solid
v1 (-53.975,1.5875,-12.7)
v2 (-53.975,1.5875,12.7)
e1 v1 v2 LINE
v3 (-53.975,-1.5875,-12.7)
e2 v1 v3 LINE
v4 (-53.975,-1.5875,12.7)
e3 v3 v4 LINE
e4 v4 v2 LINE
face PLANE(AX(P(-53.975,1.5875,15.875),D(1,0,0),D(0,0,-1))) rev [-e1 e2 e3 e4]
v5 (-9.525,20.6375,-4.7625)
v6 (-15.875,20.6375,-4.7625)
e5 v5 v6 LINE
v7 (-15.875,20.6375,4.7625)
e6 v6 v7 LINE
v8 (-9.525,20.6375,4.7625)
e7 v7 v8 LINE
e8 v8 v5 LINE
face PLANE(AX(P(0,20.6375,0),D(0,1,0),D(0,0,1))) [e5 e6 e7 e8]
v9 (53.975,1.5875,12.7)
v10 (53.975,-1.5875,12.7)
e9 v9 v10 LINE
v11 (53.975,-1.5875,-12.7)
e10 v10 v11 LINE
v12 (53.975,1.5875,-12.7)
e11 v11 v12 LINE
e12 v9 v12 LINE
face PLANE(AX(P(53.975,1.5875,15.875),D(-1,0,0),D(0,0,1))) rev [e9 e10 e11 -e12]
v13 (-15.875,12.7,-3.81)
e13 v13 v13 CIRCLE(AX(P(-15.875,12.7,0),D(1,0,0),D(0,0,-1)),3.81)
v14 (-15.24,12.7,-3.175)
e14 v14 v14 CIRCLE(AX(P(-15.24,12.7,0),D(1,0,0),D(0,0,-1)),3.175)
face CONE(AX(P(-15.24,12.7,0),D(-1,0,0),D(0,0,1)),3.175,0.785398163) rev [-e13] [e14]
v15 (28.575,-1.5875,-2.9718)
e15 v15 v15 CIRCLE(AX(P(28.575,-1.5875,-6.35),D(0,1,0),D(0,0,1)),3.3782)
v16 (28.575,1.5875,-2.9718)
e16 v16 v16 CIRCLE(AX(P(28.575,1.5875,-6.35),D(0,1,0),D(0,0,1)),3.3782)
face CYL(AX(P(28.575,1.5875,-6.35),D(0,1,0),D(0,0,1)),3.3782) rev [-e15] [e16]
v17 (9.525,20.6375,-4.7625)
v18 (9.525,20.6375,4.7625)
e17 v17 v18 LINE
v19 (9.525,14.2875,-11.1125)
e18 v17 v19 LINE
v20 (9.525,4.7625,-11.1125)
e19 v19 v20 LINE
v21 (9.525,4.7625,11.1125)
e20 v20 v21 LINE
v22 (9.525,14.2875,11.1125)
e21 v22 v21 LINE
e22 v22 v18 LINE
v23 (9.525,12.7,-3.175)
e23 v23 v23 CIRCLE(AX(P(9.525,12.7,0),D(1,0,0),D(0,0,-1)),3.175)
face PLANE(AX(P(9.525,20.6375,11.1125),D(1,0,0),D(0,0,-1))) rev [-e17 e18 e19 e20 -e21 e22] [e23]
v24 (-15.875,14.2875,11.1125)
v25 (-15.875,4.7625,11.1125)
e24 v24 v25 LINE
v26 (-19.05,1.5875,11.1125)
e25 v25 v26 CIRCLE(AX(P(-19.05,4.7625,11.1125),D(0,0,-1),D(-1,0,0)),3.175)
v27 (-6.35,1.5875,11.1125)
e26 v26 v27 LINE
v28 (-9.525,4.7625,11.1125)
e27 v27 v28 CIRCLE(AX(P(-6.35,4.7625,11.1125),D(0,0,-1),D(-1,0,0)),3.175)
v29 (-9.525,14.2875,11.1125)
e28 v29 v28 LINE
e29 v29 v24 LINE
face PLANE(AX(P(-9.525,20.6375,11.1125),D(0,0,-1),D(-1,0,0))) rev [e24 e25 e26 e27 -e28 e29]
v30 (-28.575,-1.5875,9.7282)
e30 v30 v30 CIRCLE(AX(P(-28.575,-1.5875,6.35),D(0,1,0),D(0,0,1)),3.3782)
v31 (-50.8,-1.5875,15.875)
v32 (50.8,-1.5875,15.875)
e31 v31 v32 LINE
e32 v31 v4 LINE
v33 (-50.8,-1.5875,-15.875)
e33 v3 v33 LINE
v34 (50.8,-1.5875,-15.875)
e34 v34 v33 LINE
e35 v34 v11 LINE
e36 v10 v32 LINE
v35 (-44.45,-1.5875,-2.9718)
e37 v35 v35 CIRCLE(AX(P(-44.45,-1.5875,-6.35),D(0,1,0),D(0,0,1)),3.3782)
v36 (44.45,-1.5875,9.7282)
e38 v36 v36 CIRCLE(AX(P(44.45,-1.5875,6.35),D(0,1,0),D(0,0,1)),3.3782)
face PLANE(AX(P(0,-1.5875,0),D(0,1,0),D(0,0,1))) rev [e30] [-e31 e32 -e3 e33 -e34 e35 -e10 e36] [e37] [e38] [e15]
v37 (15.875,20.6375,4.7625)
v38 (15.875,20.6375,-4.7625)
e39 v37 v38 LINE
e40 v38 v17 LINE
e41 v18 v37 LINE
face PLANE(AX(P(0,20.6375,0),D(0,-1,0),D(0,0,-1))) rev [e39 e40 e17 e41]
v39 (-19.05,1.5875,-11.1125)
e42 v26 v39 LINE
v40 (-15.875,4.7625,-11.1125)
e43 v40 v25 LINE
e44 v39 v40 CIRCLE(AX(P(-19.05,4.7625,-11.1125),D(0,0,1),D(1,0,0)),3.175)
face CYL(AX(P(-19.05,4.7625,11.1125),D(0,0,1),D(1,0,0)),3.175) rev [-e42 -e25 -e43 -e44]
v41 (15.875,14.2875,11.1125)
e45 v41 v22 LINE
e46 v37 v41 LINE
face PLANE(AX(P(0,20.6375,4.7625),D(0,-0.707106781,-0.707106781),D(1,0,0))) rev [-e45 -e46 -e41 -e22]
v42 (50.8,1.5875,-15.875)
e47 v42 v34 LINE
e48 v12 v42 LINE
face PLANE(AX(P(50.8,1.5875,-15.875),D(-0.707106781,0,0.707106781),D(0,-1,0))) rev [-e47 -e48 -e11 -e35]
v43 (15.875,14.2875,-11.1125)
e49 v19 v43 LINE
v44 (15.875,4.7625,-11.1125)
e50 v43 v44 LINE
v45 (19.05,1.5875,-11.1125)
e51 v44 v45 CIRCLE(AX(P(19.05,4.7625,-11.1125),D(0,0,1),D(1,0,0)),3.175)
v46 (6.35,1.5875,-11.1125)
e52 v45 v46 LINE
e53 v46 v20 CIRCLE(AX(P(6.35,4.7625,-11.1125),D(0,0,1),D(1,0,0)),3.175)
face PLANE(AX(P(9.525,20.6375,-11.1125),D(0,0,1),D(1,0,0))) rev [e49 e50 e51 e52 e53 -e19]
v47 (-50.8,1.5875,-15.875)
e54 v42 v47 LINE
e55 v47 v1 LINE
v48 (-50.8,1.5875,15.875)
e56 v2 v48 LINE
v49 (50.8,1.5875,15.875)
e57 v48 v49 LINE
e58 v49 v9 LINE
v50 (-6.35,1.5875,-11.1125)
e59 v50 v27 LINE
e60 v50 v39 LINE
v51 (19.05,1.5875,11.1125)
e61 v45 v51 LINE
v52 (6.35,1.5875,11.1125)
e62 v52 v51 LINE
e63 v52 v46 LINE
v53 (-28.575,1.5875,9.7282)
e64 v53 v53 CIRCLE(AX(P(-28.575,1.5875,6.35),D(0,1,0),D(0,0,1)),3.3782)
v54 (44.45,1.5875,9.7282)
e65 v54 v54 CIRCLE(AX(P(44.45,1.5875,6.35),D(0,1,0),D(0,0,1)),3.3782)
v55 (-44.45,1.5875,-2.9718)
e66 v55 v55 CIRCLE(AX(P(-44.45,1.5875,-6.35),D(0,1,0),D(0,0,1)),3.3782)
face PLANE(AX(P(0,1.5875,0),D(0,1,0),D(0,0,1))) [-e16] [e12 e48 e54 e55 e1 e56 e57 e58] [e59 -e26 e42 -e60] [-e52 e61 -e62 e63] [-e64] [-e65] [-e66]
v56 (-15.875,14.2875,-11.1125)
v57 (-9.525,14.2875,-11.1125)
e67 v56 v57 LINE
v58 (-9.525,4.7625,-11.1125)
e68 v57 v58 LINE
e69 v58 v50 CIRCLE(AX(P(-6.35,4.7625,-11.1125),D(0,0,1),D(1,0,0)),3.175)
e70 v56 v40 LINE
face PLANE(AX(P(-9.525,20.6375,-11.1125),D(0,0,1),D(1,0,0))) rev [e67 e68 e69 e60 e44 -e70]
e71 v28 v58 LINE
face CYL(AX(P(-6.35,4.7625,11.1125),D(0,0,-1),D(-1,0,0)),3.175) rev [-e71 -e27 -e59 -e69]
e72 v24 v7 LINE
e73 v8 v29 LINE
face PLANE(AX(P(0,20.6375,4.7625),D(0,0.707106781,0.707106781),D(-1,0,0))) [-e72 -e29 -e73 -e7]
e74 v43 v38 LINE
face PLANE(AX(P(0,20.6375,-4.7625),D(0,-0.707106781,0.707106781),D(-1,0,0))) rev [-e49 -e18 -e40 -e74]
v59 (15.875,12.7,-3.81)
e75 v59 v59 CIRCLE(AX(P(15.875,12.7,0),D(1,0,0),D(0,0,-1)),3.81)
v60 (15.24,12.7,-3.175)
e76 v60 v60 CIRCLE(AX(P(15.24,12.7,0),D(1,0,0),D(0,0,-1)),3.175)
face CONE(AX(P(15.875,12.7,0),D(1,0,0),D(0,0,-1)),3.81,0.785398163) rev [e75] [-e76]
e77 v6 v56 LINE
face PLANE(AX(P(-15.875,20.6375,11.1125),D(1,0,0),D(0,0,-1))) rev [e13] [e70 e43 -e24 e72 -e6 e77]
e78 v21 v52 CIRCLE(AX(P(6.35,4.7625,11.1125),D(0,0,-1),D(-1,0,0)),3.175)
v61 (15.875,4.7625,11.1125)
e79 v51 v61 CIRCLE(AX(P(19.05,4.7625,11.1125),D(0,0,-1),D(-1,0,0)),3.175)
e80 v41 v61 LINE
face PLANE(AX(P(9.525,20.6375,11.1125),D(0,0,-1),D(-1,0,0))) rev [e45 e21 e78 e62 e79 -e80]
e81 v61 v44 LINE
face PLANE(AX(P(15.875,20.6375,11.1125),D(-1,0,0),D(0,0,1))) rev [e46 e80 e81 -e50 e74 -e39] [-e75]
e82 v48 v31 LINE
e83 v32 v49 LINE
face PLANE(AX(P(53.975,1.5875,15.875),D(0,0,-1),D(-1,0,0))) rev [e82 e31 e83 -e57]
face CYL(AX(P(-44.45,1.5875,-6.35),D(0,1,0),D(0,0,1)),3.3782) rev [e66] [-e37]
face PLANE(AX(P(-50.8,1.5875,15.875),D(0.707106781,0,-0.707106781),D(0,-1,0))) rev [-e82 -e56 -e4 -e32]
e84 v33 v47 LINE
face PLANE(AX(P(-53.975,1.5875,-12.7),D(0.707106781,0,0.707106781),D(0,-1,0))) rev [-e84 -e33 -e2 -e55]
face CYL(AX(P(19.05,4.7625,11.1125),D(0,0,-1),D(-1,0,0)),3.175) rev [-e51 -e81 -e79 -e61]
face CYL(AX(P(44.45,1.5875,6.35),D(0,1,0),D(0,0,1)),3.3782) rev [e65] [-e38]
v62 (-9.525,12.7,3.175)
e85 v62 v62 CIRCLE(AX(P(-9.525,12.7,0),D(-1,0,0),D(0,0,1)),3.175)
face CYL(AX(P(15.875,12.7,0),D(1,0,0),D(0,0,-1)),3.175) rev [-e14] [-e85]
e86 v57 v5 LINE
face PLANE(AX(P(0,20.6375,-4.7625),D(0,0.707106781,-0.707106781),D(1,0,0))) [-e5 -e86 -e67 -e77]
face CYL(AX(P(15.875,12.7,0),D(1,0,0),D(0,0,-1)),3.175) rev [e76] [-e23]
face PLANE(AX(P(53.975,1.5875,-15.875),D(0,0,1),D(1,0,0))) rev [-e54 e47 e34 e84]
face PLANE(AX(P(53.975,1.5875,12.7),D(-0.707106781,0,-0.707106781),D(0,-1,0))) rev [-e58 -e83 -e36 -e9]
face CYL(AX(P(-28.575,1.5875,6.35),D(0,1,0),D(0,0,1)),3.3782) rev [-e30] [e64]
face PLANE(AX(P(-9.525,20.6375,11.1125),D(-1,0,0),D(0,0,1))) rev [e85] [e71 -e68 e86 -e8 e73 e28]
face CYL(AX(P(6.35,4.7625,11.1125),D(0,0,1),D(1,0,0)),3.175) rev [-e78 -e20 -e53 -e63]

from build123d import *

# Parameters (mm, degrees)
SKETCH1_W               = 107.95
SKETCH1_H               = 31.75
BOSS_EXTRUDE1_DEPTH     = 1.5875
F_1_4_CLEARANCE_HOLE1_D = 6.7564
SKETCH4_W               = 6.35
SKETCH4_H               = 22.225
BOSS_EXTRUDE2_DEPTH     = 19.05
CHAMFER2_SIZE           = 3.175
FILLET1_R               = 3.175
CHAMFER3_SIZE           = 6.35


with BuildPart() as part:
    # Sketch1 → Boss-Extrude1 (new, symmetric)
    with BuildSketch(Plane(origin=(0, 0, 0), x_dir=(1, 0, 0), z_dir=(0, 1, 0))):
        Rectangle(SKETCH1_W, SKETCH1_H)
    extrude(amount=BOSS_EXTRUDE1_DEPTH, both=True)

    # 1/4 Clearance Hole1 (through all)
    with Locations(Plane(origin=(0, 1.5875, 0), x_dir=(1, 0, 0), z_dir=(0, 1, 0))):
        with Locations((-44.45, 6.35), (28.575, 6.35), (-28.575, -6.35), (44.45, -6.35)):
            Hole(F_1_4_CLEARANCE_HOLE1_D / 2)

    # Sketch4 → Boss-Extrude2 (add)
    with BuildSketch(Plane(origin=(0, 1.5875, 0), x_dir=(1, 0, 0), z_dir=(0, 1, 0))):
        with Locations((-12.7, 0)):
            Rectangle(SKETCH4_W, SKETCH4_H)
        with Locations((12.7, 0)):
            Rectangle(SKETCH4_W, SKETCH4_H)
    extrude(amount=BOSS_EXTRUDE2_DEPTH)

    # Chamfer2
    chamfer2_edges = [part.edges().sort_by_distance(p)[0] for p in [
        (-53.975, 0, -15.875),
        (53.975, 0, -15.875),
        (53.975, 0, 15.875),
        (-53.975, 0, 15.875),
    ]]
    chamfer(chamfer2_edges, length=CHAMFER2_SIZE)

    # Fillet1
    fillet1_edges = [part.edges().sort_by_distance(p)[0] for p in [
        (-15.875, 1.5875, 0),
        (-9.525, 1.5875, 0),
        (9.525, 1.5875, 0),
        (15.875, 1.5875, 0),
    ]]
    fillet(fillet1_edges, radius=FILLET1_R)

    # Sketch6 → 1/4 (0.25) Diameter Hole1 (revolve, cut)
    with BuildSketch(Plane(origin=(15.875, 12.7, 0), x_dir=(0, 0, -1), z_dir=(0, 1, 0))):
        Polygon((0, 0), (0, 31.75), (3.81, 31.75), (3.175, 31.115), (3.175, 0.635), (3.81, 0), align=None)
    revolve(axis=Axis((22.225, 12.7, 0), (-1, 0, 0)), mode=Mode.SUBTRACT)

    # Chamfer3
    chamfer3_edges = [part.edges().sort_by_distance(p)[0] for p in [
        (-12.7, 20.6375, 11.1125),
        (-12.7, 20.6375, -11.1125),
        (12.7, 20.6375, 11.1125),
        (12.7, 20.6375, -11.1125),
    ]]
    chamfer(chamfer3_edges, length=CHAMFER3_SIZE)


solid = part.part
